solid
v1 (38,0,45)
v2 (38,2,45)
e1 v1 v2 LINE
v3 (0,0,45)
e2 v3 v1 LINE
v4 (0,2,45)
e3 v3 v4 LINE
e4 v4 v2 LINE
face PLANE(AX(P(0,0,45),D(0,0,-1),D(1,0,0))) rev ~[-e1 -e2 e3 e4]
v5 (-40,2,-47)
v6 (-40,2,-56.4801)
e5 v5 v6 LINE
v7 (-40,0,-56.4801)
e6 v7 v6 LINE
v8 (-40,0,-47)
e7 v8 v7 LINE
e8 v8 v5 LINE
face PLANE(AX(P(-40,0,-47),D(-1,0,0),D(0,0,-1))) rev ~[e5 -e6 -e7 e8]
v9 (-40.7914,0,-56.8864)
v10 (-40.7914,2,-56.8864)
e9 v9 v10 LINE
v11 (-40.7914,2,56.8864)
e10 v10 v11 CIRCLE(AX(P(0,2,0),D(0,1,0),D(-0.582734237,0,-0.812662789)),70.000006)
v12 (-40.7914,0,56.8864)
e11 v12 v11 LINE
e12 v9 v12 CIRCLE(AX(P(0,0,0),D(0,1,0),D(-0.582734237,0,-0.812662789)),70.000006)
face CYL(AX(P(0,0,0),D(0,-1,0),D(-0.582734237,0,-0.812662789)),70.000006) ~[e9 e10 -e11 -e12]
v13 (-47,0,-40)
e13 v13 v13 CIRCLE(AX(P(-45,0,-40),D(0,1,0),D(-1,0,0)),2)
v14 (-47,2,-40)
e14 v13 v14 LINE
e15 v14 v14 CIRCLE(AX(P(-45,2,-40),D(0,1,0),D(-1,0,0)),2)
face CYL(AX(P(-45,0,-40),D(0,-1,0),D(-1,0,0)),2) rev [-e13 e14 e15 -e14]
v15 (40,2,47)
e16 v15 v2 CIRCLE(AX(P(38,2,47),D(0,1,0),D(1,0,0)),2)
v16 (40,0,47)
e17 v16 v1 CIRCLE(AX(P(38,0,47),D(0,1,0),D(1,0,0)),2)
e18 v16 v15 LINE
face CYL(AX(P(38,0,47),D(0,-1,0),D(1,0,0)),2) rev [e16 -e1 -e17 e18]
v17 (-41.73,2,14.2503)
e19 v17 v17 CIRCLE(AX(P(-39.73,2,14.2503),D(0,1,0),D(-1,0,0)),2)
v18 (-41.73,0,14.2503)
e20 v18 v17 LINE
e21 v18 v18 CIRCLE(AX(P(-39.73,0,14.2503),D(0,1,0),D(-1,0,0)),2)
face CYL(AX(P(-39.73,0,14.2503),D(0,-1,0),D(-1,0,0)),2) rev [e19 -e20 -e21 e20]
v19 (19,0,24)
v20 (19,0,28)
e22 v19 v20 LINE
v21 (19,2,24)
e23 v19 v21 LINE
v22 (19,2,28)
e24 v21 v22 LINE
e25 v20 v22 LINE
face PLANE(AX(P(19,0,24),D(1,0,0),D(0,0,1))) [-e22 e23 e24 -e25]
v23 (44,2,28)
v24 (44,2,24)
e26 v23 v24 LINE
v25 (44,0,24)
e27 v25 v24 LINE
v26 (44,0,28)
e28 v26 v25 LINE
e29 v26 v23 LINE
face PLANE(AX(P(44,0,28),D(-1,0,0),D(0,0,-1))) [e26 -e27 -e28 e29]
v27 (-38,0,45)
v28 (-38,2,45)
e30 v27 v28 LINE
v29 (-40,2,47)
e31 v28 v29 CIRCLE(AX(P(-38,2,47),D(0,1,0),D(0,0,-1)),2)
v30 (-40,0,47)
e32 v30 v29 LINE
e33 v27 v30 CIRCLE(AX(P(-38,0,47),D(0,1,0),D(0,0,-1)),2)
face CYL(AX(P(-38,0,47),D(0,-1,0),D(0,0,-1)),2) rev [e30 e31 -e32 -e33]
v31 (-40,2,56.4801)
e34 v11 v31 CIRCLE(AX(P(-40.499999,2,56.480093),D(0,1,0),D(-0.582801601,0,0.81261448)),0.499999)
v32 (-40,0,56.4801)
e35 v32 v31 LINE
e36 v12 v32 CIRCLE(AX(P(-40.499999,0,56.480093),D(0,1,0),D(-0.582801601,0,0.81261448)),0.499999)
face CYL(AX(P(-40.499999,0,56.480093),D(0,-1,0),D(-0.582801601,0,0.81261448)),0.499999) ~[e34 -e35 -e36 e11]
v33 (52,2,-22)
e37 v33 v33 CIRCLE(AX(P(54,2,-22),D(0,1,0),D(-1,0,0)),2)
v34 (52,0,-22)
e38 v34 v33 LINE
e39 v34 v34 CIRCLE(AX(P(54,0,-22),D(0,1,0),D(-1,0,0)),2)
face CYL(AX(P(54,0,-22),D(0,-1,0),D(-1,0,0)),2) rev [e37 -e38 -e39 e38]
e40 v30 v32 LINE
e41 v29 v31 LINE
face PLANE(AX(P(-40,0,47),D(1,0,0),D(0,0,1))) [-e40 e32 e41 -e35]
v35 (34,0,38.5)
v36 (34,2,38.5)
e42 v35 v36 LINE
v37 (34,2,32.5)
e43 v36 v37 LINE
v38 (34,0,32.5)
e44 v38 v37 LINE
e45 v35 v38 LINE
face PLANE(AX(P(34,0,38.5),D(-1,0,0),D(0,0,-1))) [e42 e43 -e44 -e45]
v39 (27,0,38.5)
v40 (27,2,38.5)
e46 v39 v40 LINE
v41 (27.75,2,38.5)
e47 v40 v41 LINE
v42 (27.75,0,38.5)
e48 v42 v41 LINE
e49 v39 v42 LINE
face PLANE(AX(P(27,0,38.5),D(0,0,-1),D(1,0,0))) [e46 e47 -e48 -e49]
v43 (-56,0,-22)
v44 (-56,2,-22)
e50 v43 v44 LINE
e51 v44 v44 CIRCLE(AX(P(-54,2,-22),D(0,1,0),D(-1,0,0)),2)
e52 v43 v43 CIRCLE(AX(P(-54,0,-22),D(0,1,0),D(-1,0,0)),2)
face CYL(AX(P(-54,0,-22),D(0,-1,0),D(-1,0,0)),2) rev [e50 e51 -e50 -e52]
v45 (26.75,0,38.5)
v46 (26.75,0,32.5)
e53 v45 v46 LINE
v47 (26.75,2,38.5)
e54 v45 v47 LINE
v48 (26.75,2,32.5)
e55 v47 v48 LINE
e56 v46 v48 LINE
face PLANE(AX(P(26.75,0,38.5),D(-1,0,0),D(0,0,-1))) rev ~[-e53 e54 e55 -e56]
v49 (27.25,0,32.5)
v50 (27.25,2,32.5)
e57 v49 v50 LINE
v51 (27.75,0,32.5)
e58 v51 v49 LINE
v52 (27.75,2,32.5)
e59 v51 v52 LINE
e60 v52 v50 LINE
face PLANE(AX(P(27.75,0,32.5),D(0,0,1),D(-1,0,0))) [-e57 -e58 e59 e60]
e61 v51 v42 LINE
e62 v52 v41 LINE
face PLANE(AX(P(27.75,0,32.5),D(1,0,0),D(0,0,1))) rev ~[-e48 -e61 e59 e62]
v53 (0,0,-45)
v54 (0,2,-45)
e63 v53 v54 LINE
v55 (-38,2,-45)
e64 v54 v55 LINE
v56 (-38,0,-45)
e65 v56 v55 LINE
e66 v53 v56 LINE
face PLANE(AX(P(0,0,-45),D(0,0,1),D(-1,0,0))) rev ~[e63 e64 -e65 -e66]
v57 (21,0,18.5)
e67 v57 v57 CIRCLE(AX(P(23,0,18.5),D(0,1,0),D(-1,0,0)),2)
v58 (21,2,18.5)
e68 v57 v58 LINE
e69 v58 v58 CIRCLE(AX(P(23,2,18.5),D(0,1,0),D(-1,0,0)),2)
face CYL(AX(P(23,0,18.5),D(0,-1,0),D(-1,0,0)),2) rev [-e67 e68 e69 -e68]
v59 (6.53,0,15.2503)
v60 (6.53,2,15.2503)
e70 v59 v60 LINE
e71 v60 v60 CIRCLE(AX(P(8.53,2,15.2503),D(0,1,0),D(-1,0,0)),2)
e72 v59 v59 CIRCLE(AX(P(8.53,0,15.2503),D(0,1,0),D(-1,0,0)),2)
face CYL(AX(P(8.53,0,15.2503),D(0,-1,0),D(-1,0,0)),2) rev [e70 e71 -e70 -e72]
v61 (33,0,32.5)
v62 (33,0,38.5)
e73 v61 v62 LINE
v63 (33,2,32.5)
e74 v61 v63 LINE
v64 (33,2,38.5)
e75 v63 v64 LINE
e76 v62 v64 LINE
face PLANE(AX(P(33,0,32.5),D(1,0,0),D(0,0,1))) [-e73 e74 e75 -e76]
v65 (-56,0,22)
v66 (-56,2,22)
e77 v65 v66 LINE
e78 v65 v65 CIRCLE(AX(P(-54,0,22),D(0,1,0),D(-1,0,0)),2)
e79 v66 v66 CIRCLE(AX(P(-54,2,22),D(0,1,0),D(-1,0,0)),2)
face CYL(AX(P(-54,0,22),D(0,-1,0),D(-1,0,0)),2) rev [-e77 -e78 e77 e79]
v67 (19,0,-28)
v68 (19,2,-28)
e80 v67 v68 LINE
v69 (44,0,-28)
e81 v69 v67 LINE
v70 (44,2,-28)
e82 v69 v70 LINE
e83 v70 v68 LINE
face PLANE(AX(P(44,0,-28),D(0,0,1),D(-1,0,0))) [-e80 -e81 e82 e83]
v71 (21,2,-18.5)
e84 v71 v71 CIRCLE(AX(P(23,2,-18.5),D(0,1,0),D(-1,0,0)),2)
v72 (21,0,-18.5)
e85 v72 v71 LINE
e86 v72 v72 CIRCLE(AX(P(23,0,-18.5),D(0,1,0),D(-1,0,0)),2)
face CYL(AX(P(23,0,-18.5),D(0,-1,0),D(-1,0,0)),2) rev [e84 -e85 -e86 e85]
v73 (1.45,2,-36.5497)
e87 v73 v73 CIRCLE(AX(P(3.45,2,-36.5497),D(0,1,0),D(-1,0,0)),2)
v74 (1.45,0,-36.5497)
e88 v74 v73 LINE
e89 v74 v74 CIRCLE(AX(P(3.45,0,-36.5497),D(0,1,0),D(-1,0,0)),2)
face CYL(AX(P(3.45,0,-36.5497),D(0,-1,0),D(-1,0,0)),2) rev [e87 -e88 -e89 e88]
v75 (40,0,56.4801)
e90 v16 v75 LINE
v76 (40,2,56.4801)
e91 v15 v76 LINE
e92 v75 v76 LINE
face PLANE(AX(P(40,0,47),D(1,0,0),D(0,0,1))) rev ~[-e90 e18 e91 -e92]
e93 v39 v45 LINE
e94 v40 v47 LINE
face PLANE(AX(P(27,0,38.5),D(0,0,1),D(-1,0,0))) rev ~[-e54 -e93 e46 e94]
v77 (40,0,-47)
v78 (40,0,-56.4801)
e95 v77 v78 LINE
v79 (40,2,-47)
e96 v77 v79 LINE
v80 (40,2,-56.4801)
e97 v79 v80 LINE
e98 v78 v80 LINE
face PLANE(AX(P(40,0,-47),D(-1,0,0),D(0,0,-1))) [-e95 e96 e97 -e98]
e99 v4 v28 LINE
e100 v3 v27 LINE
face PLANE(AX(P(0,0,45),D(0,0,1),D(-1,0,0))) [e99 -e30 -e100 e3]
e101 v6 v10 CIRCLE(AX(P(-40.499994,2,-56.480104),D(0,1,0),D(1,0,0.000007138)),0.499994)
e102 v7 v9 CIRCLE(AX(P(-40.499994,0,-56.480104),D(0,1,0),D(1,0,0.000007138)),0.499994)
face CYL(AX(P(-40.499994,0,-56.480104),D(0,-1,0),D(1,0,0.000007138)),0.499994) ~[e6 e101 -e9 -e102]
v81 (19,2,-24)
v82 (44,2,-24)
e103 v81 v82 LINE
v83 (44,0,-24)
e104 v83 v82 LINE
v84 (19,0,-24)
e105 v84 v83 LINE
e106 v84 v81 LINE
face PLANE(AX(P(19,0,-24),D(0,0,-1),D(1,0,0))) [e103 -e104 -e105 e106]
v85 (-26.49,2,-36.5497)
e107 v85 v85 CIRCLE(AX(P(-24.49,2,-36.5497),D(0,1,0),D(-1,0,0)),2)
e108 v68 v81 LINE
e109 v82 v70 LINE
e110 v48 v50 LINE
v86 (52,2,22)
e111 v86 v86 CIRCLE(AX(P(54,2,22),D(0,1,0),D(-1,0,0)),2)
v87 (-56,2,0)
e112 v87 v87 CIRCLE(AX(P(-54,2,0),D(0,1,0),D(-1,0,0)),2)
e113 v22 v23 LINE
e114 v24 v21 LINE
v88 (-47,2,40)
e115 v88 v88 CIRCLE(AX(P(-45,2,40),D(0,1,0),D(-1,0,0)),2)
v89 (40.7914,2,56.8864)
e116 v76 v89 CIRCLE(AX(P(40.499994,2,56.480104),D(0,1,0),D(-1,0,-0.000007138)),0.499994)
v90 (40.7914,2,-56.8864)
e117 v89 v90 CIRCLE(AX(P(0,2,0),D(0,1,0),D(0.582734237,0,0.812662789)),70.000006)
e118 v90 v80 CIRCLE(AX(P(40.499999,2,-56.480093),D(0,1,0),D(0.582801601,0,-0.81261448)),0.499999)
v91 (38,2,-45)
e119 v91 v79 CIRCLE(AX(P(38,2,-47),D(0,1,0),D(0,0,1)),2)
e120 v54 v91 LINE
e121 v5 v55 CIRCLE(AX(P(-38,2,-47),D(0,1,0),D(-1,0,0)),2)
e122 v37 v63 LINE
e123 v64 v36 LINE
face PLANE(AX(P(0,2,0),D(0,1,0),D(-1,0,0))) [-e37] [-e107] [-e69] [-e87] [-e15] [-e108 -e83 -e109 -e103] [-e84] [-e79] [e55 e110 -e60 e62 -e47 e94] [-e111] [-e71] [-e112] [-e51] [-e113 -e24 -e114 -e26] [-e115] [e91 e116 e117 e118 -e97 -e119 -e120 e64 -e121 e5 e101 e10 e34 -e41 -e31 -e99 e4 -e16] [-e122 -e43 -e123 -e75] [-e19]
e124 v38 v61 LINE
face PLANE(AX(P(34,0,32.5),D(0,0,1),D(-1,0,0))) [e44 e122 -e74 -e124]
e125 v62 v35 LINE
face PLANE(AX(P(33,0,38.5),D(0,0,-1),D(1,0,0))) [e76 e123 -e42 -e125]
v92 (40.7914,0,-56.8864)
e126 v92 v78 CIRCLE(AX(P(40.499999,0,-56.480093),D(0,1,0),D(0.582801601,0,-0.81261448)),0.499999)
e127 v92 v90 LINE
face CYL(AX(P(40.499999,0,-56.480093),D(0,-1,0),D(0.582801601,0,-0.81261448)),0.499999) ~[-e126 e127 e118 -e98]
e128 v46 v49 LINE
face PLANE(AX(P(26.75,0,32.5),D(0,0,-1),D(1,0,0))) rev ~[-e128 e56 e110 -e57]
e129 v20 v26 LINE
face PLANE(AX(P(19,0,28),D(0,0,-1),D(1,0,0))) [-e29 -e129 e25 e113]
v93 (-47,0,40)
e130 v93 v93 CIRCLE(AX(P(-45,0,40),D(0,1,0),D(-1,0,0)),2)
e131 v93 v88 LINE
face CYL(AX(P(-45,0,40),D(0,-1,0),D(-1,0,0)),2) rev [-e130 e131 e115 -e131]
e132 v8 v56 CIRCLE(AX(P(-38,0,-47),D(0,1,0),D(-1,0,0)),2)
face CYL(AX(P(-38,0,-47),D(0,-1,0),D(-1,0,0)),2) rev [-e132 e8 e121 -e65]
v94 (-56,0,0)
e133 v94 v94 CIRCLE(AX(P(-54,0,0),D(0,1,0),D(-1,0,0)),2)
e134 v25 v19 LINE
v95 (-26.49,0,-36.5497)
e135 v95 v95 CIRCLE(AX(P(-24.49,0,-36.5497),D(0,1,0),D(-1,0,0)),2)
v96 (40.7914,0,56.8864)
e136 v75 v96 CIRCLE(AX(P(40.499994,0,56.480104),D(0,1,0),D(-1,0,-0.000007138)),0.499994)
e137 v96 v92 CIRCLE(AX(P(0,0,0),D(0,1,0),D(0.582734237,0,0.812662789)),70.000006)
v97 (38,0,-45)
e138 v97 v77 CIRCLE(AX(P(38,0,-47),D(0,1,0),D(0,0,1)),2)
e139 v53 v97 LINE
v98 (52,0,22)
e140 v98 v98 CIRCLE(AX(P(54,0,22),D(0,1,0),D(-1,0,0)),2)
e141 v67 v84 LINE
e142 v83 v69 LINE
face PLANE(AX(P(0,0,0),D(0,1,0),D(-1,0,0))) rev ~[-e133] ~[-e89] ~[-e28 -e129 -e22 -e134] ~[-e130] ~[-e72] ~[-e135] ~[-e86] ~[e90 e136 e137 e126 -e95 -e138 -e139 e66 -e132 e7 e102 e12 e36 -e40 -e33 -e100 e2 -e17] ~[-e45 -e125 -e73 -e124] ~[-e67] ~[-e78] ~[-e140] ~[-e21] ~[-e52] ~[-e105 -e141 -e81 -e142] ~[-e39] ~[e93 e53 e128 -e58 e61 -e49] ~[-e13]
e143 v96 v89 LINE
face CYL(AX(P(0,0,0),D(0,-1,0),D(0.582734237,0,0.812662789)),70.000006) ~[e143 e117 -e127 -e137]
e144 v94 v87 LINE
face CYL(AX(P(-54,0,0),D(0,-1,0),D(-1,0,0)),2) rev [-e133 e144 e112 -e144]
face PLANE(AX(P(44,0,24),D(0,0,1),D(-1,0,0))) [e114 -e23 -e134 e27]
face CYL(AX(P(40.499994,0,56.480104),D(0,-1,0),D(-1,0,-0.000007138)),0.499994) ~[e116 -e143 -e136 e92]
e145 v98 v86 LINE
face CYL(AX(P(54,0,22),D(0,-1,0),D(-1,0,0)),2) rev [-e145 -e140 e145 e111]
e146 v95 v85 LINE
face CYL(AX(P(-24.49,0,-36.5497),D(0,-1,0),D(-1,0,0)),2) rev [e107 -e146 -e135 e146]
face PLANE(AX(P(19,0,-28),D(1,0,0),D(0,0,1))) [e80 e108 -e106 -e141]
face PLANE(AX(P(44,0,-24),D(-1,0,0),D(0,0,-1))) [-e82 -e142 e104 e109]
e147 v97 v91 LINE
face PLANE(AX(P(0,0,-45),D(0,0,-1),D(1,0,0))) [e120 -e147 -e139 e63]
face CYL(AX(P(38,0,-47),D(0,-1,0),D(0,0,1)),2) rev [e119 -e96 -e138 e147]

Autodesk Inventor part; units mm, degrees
ref_plane "YZ Plane" through (0, 0, 0) normal (1, 0, 0) x (0, 1, 0)
ref_plane "XZ Plane" through (0, 0, 0) normal (0, 1, 0) x (-1, 0, 0)
ref_plane "XY Plane" through (0, 0, 0) normal (0, 0, 1) x (1, 0, 0)
sketch "Esboço1" plane through (0, 0, 0) normal (0, 1, 0) x (-1, 0, 0)
  arc A0 (-40.7914, 56.8864) -> (-40.7914, -56.8864) centre (0, 0) ccw
  arc A1 (40.7914, -56.8864) -> (40.7914, 56.8864) centre (0, 0) ccw
  line L0 (-11.73, 29.4903) -> (42.27, 29.4903) construction
  line L1 (42.27, 29.4903) -> (42.27, -38.5097) construction
  line L2 (42.27, -38.5097) -> (-11.73, -38.5097) construction
  line L3 (-11.73, -38.5097) -> (-11.73, 29.4903) construction
  line L4 (-19, 28) -> (-44, 28)
  line L5 (-44, 28) -> (-44, 24)
  line L6 (-44, 24) -> (-19, 24)
  line L7 (-19, 24) -> (-19, 28)
  line L8 (-19, -24) -> (-44, -24)
  line L9 (-44, -24) -> (-44, -28)
  line L10 (-44, -28) -> (-19, -28)
  line L11 (-19, -28) -> (-19, -24)
  circle A2 centre (39.73, 14.2503) radius 2
  circle A3 centre (24.49, -36.5497) radius 2
  circle A4 centre (-3.45, -36.5497) radius 2
  circle A5 centre (54, -22) radius 2
  circle A6 centre (54, 22) radius 2
  circle A7 centre (-54, 22) radius 2
  circle A8 centre (-54, -22) radius 2
  line L12 (0, 45) -> (-38, 45)
  line L13 (-40, 47) -> (-40, 56.4801)
  line L14 (0, 45) -> (38, 45)
  line L15 (40, 47) -> (40, 56.4801)
  line L16 (0, -45) -> (-38, -45)
  line L17 (-40, -47) -> (-40, -56.4801)
  line L18 (0, -45) -> (38, -45)
  line L19 (40, -47) -> (40, -56.4801)
  arc A9 (40.7914, -56.8864) -> (40.7914, 56.8864) centre (0, 0) ccw
  arc A10 (-40.7914, 56.8864) -> (-40.7914, -56.8864) centre (0, 0) ccw
  circle A11 centre (-8.53, 15.2503) radius 2
  circle A12 centre (-23, -18.5) radius 2
  circle A13 centre (-23, 18.5) radius 2
  arc A14 (38, 45) -> (40, 47) centre (38, 47) ccw
  arc A15 (-40, 47) -> (-38, 45) centre (-38, 47) ccw
  arc A16 (-38, -45) -> (-40, -47) centre (-38, -47) ccw
  arc A17 (40, -47) -> (38, -45) centre (38, -47) ccw
  arc A18 (40, -56.4801) -> (40.7914, -56.8864) centre (40.5, -56.4801) ccw
  arc A19 (40.7914, 56.8864) -> (40, 56.4801) centre (40.5, 56.4801) ccw
  arc A20 (-40, 56.4801) -> (-40.7914, 56.8864) centre (-40.5, 56.4801) ccw
  arc A21 (-40.7914, -56.8864) -> (-40, -56.4801) centre (-40.5, -56.4801) ccw
  line L20 (-27.75, 32.5) -> (-27.75, 38.5)
  line L21 (-27.75, 32.5) -> (-27.25, 32.5)
  line L22 (-27, 38.5) -> (-27.75, 38.5)
  line L23 (-33, 38.5) -> (-34, 38.5)
  line L24 (-34, 38.5) -> (-34, 32.5)
  line L25 (-34, 32.5) -> (-33, 32.5)
  line L26 (-33, 32.5) -> (-33, 38.5)
  line L27 (-27.75, 38.5) -> (-26.75, 38.5)
  line L28 (-26.75, 38.5) -> (-26.75, 32.5)
  line L29 (-26.75, 32.5) -> (-27.75, 32.5)
  line L30 (-27.75, 32.5) -> (-27.75, 38.5)
  circle A22 centre (45, -40) radius 2
  circle A23 centre (45, 40) radius 2
  circle A24 centre (54, 0) radius 2
  point P0 (-40, 45)
  point P1 (40, 45)
  point P2 (-40, -45)
  point P3 (40, -45)
  dimension "d144" = 0.5
extrude "Extrusão3" add sketch "Esboço1" along normal blind 2
properties part number "base 1" material "Plástico PC/ABS"
